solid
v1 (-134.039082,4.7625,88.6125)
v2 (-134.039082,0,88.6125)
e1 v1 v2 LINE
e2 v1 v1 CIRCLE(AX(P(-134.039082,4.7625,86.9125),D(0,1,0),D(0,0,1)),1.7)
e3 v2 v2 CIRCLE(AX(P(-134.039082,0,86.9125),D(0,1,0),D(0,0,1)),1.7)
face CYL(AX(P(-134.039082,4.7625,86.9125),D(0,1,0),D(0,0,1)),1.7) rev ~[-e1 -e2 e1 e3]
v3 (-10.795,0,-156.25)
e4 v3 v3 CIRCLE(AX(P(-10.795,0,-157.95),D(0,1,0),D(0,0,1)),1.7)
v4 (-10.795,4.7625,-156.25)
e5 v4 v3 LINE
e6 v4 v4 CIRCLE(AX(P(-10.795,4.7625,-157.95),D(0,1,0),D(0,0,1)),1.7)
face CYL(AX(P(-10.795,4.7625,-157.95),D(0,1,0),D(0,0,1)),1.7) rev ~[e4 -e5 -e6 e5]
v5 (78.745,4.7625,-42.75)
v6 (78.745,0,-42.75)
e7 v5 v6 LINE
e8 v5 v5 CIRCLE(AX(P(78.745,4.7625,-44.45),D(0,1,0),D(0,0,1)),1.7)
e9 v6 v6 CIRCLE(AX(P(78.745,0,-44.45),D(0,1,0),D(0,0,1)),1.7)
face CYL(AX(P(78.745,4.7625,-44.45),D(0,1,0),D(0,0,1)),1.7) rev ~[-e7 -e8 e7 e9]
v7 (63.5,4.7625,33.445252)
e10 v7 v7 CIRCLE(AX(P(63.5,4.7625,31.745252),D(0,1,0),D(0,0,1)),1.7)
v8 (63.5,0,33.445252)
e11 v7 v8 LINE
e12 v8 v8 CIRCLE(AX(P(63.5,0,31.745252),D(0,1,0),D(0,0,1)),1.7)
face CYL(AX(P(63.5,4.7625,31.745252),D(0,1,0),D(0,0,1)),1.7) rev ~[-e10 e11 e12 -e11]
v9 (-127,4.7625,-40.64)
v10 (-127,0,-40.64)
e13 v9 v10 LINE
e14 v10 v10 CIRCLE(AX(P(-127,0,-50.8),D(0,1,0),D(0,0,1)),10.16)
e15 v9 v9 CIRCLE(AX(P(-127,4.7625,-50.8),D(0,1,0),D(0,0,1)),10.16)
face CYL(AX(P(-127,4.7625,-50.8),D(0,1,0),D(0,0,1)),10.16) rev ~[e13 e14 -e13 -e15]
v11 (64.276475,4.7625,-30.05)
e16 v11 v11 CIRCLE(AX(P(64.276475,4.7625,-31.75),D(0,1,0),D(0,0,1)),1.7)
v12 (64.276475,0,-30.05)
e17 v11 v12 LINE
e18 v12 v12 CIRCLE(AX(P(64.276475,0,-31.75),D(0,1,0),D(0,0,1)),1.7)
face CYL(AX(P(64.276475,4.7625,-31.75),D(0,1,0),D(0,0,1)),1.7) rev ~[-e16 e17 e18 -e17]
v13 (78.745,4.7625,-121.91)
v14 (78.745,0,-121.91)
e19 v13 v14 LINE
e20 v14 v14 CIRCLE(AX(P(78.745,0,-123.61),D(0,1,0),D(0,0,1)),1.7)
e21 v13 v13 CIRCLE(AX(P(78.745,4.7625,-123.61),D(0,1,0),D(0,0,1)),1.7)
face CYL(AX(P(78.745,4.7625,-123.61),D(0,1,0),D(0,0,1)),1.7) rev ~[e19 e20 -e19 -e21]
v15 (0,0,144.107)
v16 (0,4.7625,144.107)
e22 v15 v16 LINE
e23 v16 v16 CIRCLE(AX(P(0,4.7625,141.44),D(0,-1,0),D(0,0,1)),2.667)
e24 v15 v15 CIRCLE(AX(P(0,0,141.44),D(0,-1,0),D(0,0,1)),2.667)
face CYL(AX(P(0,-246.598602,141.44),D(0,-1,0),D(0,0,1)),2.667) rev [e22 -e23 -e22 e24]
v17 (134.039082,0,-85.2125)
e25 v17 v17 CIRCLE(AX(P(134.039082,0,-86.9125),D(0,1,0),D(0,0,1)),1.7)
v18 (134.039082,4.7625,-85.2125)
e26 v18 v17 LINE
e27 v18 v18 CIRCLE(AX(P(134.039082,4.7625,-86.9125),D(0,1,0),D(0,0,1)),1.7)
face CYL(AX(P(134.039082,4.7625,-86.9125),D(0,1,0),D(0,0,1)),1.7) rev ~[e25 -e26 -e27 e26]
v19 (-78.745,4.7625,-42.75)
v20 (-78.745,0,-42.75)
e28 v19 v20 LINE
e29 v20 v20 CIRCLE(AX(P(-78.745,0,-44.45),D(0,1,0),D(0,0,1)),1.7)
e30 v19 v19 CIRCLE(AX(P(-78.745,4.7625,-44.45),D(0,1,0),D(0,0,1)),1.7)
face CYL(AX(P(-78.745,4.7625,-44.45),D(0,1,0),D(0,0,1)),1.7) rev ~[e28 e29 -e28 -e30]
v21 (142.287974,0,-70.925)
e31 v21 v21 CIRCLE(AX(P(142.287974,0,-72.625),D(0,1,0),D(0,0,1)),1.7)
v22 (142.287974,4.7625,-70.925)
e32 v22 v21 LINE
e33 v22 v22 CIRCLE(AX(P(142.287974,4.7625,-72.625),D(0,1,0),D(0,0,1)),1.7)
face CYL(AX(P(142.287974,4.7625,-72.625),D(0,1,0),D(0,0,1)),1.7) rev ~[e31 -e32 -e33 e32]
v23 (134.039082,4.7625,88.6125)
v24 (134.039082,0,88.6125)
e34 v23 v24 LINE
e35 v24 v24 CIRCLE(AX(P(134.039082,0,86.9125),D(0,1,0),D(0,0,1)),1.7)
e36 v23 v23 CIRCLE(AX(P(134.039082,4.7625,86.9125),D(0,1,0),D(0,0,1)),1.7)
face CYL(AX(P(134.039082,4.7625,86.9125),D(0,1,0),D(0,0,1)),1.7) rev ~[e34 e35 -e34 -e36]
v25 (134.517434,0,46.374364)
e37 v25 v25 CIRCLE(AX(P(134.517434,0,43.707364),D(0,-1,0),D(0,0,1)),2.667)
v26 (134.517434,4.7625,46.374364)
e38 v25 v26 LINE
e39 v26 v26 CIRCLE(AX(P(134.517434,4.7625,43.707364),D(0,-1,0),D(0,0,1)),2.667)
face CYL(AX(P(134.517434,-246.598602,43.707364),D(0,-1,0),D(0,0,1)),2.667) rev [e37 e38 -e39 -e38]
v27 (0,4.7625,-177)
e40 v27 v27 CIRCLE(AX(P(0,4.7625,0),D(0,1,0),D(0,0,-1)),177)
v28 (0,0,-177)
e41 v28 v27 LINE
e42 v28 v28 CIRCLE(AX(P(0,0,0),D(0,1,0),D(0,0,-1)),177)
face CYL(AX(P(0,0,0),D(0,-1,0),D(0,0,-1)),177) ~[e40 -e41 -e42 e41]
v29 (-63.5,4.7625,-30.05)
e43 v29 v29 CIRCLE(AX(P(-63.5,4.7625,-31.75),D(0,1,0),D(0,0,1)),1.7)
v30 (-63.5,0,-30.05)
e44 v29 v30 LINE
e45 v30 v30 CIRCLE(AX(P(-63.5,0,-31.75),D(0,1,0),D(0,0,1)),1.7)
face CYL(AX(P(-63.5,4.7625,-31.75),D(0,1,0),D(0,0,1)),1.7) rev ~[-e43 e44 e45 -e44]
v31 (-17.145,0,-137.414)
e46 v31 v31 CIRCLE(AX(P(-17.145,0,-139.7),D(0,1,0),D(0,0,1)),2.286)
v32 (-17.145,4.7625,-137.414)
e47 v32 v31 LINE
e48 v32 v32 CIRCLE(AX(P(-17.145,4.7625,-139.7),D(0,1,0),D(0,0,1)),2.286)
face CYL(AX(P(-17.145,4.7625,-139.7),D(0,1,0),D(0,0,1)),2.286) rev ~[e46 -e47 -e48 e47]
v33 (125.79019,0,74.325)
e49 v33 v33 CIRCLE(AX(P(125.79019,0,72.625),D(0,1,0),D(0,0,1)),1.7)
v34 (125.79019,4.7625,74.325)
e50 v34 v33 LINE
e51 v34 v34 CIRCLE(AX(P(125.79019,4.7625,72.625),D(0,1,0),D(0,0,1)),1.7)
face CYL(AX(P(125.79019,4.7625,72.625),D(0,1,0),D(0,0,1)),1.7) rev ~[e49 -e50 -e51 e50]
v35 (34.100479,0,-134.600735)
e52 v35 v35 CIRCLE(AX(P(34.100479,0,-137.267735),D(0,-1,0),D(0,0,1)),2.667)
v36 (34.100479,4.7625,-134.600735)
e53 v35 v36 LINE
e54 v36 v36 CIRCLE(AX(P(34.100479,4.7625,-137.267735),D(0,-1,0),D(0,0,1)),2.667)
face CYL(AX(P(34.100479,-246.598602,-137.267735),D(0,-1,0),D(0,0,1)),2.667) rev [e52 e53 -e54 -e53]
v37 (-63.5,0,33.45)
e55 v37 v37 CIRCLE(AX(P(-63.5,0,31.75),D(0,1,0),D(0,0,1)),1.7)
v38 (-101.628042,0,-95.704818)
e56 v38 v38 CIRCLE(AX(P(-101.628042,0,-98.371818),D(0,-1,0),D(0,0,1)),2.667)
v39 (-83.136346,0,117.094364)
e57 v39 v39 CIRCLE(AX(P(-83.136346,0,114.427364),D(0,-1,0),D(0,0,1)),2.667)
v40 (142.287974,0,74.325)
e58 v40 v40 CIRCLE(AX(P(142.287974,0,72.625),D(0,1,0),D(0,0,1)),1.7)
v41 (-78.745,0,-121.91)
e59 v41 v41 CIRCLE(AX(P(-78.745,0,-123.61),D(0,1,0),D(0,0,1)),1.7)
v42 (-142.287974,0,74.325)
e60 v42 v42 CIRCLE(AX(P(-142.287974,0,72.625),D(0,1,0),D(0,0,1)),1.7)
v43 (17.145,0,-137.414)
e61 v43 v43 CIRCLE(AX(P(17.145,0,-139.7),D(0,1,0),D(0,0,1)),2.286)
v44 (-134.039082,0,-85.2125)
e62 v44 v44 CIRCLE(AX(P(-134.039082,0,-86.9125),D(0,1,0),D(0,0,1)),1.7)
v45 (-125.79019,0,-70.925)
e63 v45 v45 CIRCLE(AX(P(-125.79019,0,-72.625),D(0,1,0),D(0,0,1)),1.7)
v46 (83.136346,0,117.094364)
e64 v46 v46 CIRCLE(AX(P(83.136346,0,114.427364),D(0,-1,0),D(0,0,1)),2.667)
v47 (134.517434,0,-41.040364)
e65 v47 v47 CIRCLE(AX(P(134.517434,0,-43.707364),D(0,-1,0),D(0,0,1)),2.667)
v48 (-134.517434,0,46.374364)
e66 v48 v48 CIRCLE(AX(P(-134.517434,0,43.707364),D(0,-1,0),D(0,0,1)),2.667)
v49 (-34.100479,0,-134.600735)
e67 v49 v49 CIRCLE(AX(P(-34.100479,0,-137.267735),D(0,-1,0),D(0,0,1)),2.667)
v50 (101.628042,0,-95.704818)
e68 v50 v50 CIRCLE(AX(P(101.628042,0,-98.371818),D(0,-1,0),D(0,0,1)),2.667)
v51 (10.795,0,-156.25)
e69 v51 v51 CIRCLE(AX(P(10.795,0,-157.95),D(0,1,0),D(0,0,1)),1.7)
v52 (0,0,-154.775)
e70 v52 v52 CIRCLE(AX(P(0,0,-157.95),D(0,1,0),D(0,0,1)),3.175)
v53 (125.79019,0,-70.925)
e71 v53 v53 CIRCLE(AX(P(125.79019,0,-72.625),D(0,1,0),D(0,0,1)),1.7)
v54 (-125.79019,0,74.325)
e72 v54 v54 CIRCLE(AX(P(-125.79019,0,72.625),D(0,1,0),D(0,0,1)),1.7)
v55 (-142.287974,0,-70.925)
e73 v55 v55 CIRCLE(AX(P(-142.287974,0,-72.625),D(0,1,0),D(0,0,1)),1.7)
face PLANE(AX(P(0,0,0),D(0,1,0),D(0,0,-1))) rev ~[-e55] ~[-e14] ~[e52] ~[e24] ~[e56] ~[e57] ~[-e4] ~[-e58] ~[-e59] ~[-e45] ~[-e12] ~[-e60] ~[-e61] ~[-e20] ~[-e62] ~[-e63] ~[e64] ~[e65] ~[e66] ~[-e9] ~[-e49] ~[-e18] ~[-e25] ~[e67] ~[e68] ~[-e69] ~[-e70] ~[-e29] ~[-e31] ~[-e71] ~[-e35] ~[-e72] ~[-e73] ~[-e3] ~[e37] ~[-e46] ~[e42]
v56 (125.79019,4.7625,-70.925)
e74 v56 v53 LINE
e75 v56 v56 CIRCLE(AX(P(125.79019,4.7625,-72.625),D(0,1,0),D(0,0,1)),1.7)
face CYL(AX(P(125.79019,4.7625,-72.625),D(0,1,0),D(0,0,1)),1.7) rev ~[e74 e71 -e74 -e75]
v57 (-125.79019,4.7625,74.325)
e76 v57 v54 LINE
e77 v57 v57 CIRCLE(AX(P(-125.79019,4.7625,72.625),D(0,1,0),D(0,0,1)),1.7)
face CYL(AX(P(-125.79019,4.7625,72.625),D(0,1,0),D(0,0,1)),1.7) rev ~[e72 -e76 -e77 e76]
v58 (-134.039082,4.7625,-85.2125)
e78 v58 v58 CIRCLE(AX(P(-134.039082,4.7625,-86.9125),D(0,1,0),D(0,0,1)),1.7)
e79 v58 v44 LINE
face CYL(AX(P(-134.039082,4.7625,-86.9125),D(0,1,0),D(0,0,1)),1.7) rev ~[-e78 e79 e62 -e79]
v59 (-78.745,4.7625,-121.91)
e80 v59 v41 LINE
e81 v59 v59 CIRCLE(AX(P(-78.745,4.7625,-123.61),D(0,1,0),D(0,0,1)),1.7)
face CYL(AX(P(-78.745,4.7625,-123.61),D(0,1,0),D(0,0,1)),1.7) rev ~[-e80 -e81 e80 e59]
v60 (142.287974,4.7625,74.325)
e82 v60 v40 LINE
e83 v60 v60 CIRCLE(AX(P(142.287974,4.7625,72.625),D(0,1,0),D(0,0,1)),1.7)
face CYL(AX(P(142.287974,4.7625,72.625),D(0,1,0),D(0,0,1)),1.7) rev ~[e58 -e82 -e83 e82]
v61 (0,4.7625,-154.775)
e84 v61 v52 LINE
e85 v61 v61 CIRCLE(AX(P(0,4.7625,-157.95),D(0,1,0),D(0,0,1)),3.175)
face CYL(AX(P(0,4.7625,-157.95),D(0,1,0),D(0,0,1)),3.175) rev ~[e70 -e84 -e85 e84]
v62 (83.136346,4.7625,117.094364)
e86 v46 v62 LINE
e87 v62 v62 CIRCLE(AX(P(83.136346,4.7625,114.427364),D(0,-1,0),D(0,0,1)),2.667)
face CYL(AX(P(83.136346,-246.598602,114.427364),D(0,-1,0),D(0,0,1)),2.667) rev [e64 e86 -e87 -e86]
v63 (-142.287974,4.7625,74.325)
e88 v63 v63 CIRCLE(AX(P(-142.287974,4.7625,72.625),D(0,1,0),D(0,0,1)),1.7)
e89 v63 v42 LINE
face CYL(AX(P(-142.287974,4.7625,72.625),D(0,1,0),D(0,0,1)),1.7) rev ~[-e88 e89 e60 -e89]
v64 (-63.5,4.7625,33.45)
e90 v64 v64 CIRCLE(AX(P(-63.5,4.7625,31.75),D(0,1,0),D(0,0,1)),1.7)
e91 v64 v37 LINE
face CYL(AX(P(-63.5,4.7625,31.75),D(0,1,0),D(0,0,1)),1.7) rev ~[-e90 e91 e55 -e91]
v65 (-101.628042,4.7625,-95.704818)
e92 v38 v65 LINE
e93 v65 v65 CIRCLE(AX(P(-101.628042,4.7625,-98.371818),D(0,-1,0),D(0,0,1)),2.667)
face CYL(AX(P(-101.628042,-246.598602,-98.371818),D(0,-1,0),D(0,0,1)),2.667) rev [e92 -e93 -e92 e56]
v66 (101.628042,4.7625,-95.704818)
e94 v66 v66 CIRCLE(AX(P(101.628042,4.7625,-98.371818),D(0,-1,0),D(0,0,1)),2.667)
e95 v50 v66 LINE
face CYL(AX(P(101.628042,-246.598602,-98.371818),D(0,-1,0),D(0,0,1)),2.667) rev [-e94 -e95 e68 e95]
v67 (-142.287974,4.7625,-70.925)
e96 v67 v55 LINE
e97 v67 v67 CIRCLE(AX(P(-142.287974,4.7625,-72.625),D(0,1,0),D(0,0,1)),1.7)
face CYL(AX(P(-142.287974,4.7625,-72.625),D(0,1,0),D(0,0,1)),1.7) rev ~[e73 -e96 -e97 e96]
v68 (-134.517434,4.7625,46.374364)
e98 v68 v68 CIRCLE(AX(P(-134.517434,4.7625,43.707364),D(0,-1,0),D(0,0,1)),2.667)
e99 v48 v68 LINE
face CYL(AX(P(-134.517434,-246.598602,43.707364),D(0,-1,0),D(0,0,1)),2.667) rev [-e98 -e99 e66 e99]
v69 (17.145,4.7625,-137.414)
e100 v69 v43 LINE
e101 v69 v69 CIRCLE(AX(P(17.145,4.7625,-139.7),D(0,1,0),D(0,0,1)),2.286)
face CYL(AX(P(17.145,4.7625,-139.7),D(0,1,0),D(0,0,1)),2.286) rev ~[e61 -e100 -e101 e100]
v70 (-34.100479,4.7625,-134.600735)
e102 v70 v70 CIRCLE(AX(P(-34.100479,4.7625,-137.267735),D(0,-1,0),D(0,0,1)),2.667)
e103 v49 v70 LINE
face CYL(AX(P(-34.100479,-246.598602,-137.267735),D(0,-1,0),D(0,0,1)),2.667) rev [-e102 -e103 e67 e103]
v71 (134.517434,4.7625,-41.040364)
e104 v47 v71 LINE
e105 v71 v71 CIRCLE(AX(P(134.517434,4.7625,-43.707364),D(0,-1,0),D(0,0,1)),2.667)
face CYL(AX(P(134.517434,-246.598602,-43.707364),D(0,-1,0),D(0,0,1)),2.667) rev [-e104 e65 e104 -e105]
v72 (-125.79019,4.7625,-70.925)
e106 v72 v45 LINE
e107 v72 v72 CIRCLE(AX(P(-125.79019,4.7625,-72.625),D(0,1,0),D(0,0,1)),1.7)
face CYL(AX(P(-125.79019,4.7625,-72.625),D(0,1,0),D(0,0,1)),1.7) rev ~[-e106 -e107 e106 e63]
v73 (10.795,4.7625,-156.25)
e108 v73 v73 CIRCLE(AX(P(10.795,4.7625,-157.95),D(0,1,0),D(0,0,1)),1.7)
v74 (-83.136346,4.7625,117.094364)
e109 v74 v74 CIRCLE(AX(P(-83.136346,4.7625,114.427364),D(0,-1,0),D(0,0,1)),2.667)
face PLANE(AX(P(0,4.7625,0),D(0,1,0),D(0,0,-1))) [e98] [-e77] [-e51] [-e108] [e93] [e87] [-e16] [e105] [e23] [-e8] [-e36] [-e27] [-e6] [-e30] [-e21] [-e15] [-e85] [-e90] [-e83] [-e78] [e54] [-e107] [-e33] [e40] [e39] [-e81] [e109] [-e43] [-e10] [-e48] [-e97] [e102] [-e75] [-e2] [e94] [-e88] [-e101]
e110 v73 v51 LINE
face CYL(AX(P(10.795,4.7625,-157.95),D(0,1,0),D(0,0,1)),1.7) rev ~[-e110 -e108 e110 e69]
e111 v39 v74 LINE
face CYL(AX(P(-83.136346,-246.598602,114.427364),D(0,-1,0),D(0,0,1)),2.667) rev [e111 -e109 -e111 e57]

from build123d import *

# Parameters (mm, degrees)
SKETCH1_R         = 177
PLATE_DEPTH       = 4.7625
SKETCH2_R         = 1.7
STANDOFFS_DEPTH   = 251.361102023
SKETCH3_R         = 1.7
LIDAR_DEPTH       = 251.361102023
SKETCH4_R         = 2.286
CAMERA_DEPTH      = 251.361102023
SKETCH5_R         = 1.7
DISPLAY_DEPTH     = 251.361102023
SKETCH6_R         = 10.16
WIRES_2_DEPTH     = 251.361102023
SKETCH7_R         = 3.175
SKETCH7_R_2       = 1.7
ARDUCAM_DEPTH     = 251.361102023
ZIPTIE_DEPTH      = 251.361102023
ZIPTIE_DEPTH_BACK = 251.361102023
SKETCH8_R         = 2.667


with BuildPart() as part:
    # Sketch1 → Plate (new body)
    with BuildSketch(Plane(origin=(0, 0, 0), x_dir=(1, 0, 0), z_dir=(0, 1, 0))):
        with Locations(Location((0, 0, 0), (0, 0, 90))):
            Circle(SKETCH1_R)
    extrude(amount=PLATE_DEPTH)

    # Sketch2 → Standoffs (cut, through all)
    with BuildSketch(Plane(origin=(0, 4.7625, 0), x_dir=(1, 0, 0), z_dir=(0, 1, 0))):
        with Locations(Location((134.039081871, -86.9125, 0), (0, 0, 270))):
            Circle(SKETCH2_R)
        with Locations(Location((125.7901899, -72.625, 0), (0, 0, 270))):
            Circle(SKETCH2_R)
        with Locations(Location((142.287973842, -72.625, 0), (0, 0, 270))):
            Circle(SKETCH2_R)
        with Locations(Location((-142.287973842, -72.625, 0), (0, 0, 270))):
            Circle(SKETCH2_R)
        with Locations(Location((-125.7901899, -72.625, 0), (0, 0, 270))):
            Circle(SKETCH2_R)
        with Locations(Location((-134.039081871, -86.9125, 0), (0, 0, 270))):
            Circle(SKETCH2_R)
        with Locations(Location((-134.039081871, 86.9125, 0), (0, 0, 270))):
            Circle(SKETCH2_R)
        with Locations(Location((-125.7901899, 72.625, 0), (0, 0, 270))):
            Circle(SKETCH2_R)
        with Locations(Location((-142.287973842, 72.625, 0), (0, 0, 270))):
            Circle(SKETCH2_R)
        with Locations(Location((142.287973842, 72.625, 0), (0, 0, 270))):
            Circle(SKETCH2_R)
        with Locations(Location((125.7901899, 72.625, 0), (0, 0, 270))):
            Circle(SKETCH2_R)
        with Locations(Location((134.039081871, 86.9125, 0), (0, 0, 270))):
            Circle(SKETCH2_R)
    extrude(amount=-STANDOFFS_DEPTH, mode=Mode.SUBTRACT)

    # Sketch3 → LIDAR (cut, through all)
    with BuildSketch(Plane(origin=(0, 4.7625, 0), x_dir=(1, 0, 0), z_dir=(0, 1, 0))):
        with Locations(Location((64.276474969, 31.75, 0), (0, 0, 270))):
            Circle(SKETCH3_R)
        with Locations(Location((-63.5, 31.75, 0), (0, 0, 270))):
            Circle(SKETCH3_R)
        with Locations(Location((-63.5, -31.75, 0), (0, 0, 270))):
            Circle(SKETCH3_R)
        with Locations(Location((63.5, -31.745252473, 0), (0, 0, 270))):
            Circle(SKETCH3_R)
    extrude(amount=-LIDAR_DEPTH, mode=Mode.SUBTRACT)

    # Sketch4 → Camera (cut, through all)
    with BuildSketch(Plane(origin=(0, 4.7625, 0), x_dir=(1, 0, 0), z_dir=(0, 1, 0))):
        with Locations(Location((-17.145, 139.7, 0), (0, 0, 270))):
            Circle(SKETCH4_R)
        with Locations(Location((17.145, 139.7, 0), (0, 0, 270))):
            Circle(SKETCH4_R)
    extrude(amount=-CAMERA_DEPTH, mode=Mode.SUBTRACT)

    # Sketch5 → Display (cut, through all)
    with BuildSketch(Plane(origin=(0, 4.7625, 0), x_dir=(1, 0, 0), z_dir=(0, 1, 0))):
        with Locations(Location((78.74500001, 123.61, 0), (0, 0, 270))):
            Circle(SKETCH5_R)
        with Locations(Location((-78.74499999, 123.61, 0), (0, 0, 270))):
            Circle(SKETCH5_R)
        with Locations(Location((78.74500001, 44.45, 0), (0, 0, 270))):
            Circle(SKETCH5_R)
        with Locations(Location((-78.74499999, 44.45, 0), (0, 0, 270))):
            Circle(SKETCH5_R)
    extrude(amount=-DISPLAY_DEPTH, mode=Mode.SUBTRACT)

    # Sketch6 → Wires 2 (cut, through all)
    with BuildSketch(Plane(origin=(0, 4.7625, 0), x_dir=(1, 0, 0), z_dir=(0, 1, 0))):
        with Locations(Location((-127, 50.8, 0), (0, 0, 270))):
            Circle(SKETCH6_R)
    extrude(amount=-WIRES_2_DEPTH, mode=Mode.SUBTRACT)

    # Sketch7 → Arducam (cut, through all)
    with BuildSketch(Plane(origin=(0, 4.7625, 0), x_dir=(1, 0, 0), z_dir=(0, 1, 0))):
        with Locations(Location((0, 157.95, 0), (0, 0, 270))):
            Circle(SKETCH7_R)
        with Locations(Location((-10.795, 157.95, 0), (0, 0, 270))):
            Circle(SKETCH7_R_2)
        with Locations(Location((10.795, 157.95, 0), (0, 0, 270))):
            Circle(SKETCH7_R_2)
    extrude(amount=-ARDUCAM_DEPTH, mode=Mode.SUBTRACT)

    # Sketch8 → Ziptie (cut, two sides: drawn at the far end of the back side and taken through both)
    with BuildSketch(Plane(origin=(0, 4.7625, 0), x_dir=(1, 0, 0), z_dir=(0, 1, 0)).offset(-ZIPTIE_DEPTH_BACK)):
        with Locations(Location((0, -141.439999949, 0), (0, 0, 270))):
            Circle(SKETCH8_R)
        with Locations(Location((-83.136346054, -114.427363643, 0), (0, 0, 270))):
            Circle(SKETCH8_R)
        with Locations(Location((-134.517433616, -43.707363669, 0), (0, 0, 270))):
            Circle(SKETCH8_R)
        with Locations(Location((134.517433616, 43.707363669, 0), (0, 0, 270))):
            Circle(SKETCH8_R)
        with Locations(Location((134.517433616, -43.707363669, 0), (0, 0, 270))):
            Circle(SKETCH8_R)
        with Locations(Location((83.136346054, -114.427363643, 0), (0, 0, 270))):
            Circle(SKETCH8_R)
        with Locations(Location((-101.628042455, 98.371818051, 0), (0, 0, 270))):
            Circle(SKETCH8_R)
        with Locations(Location((-34.100478647, 137.267734578, 0), (0, 0, 270))):
            Circle(SKETCH8_R)
        with Locations(Location((101.628042455, 98.371818051, 0), (0, 0, 270))):
            Circle(SKETCH8_R)
        with Locations(Location((34.100478647, 137.267734578, 0), (0, 0, 270))):
            Circle(SKETCH8_R)
    extrude(amount=ZIPTIE_DEPTH + ZIPTIE_DEPTH_BACK, mode=Mode.SUBTRACT)


solid = part.part
